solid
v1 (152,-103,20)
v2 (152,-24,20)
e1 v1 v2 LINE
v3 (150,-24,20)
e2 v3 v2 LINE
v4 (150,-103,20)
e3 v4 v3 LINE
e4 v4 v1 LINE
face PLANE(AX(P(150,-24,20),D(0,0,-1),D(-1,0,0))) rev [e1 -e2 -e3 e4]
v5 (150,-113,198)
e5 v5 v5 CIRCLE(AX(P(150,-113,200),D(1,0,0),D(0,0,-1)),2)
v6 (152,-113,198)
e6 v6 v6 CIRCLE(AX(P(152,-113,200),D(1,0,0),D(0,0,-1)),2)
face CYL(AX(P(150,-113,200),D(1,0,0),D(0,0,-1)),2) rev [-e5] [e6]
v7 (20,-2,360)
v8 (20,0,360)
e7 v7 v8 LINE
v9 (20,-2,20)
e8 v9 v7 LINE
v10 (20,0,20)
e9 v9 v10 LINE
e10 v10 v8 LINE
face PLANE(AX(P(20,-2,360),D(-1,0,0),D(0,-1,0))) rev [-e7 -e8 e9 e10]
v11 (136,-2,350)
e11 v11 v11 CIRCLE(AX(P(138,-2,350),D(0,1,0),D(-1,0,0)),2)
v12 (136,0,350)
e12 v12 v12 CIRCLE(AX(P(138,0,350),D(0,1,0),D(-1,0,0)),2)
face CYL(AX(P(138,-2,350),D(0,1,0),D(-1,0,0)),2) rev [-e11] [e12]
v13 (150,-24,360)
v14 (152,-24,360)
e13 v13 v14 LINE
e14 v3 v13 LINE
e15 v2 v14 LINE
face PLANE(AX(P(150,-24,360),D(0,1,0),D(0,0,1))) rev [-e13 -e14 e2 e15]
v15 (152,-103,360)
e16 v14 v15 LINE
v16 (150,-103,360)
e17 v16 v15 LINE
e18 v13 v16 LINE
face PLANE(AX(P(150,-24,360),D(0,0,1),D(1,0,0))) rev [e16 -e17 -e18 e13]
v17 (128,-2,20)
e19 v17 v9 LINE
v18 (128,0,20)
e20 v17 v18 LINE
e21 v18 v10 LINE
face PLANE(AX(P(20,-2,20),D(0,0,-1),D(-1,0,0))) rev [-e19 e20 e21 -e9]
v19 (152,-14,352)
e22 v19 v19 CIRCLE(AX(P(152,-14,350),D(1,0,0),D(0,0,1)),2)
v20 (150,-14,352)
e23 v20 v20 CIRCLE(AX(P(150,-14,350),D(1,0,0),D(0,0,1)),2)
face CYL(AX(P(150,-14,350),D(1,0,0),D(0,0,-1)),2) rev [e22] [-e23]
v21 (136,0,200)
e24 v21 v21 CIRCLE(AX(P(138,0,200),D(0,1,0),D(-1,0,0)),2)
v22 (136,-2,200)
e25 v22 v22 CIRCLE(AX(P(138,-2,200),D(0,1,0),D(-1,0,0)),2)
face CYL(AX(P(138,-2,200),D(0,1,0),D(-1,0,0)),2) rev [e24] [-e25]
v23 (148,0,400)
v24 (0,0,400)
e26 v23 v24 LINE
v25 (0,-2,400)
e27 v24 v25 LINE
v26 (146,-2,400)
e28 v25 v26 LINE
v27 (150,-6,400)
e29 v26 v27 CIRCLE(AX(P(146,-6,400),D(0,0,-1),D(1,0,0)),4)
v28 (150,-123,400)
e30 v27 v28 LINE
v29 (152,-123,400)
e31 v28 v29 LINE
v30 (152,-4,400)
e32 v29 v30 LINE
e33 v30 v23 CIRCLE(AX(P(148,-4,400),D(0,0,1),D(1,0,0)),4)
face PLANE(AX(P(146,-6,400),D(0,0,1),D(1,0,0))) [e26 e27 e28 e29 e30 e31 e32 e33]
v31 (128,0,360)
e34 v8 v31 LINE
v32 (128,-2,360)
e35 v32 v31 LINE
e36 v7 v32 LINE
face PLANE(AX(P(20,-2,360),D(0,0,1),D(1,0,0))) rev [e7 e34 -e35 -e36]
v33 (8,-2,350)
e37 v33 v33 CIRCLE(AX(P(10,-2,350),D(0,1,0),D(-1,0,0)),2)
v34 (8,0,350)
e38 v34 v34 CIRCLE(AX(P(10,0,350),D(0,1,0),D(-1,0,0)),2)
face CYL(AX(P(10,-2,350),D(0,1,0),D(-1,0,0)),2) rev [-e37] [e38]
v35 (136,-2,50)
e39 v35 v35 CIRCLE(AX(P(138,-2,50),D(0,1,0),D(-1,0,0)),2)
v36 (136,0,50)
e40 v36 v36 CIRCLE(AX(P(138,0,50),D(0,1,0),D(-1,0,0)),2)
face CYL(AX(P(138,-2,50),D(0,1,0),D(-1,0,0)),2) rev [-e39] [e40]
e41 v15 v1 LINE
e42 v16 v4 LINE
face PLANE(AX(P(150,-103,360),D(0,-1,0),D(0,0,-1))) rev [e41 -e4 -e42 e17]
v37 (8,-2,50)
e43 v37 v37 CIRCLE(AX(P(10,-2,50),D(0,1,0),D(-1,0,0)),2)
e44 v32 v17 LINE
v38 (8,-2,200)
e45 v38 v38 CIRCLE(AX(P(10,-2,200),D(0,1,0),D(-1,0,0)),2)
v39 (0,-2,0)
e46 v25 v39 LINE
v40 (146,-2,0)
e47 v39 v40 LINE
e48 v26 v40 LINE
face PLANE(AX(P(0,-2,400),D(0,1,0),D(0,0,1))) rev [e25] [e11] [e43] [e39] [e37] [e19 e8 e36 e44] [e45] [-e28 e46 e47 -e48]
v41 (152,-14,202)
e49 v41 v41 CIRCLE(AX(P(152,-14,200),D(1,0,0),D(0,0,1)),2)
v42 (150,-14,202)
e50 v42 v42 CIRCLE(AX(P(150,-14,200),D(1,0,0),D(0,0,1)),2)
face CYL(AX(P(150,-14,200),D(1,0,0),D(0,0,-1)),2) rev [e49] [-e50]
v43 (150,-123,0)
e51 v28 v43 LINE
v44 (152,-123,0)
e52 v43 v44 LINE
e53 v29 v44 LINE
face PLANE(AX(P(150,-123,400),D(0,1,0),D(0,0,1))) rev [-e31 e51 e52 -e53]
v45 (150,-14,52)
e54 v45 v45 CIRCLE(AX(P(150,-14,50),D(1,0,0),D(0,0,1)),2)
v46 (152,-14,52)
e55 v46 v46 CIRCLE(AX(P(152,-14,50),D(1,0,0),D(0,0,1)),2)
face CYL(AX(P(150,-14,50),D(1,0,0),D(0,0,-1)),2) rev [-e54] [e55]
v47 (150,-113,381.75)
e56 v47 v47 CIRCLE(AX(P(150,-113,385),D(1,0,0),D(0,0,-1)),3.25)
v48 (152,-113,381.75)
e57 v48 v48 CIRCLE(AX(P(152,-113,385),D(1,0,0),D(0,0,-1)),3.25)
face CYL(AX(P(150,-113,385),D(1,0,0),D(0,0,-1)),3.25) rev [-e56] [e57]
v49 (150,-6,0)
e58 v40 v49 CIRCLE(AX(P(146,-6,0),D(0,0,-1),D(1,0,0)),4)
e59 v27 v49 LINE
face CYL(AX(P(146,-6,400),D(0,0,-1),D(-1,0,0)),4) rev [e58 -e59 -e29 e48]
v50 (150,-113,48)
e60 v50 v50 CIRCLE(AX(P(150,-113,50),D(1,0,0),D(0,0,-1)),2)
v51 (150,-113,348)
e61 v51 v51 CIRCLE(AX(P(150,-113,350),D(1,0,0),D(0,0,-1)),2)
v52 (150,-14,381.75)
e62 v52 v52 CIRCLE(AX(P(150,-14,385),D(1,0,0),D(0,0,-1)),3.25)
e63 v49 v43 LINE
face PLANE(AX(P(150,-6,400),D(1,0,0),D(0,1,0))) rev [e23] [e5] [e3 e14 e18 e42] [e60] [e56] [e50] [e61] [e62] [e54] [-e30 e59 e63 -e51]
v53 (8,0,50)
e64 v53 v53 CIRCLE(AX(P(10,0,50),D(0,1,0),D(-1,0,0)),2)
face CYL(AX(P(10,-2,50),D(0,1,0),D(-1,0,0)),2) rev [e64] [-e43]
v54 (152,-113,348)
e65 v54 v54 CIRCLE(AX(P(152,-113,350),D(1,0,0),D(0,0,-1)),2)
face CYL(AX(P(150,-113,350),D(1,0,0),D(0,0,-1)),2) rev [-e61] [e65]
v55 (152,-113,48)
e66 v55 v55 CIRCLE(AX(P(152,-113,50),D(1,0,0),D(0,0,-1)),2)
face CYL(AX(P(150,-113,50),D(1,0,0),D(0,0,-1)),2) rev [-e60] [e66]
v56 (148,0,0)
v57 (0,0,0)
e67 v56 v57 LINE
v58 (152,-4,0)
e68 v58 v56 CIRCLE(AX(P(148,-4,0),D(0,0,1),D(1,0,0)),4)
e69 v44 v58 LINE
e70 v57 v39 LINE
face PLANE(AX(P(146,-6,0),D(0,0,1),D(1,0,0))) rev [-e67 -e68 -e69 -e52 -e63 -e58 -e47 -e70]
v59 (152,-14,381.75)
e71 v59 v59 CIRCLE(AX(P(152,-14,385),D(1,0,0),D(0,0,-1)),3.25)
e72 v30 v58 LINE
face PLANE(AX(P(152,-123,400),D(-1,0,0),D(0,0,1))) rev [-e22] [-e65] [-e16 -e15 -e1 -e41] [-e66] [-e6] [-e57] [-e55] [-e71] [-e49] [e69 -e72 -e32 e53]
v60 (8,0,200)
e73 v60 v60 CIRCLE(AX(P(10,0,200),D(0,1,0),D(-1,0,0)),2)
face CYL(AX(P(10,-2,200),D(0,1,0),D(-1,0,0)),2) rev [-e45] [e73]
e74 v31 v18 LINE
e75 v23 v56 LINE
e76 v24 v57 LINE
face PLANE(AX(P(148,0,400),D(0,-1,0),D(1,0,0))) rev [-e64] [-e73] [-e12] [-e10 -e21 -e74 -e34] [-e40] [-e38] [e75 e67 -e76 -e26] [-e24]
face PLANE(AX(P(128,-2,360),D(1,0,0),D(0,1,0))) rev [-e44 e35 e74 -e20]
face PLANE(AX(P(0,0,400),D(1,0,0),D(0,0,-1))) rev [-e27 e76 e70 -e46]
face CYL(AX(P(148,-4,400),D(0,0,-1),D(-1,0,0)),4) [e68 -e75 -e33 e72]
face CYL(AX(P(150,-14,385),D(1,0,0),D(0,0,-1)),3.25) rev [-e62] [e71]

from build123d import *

# Parameters (mm, degrees)
BOSS_EXTRUDE1_DEPTH = 400
SKETCH3_W           = 340
SKETCH3_H           = 79
CUT_EXTRUDE1_DEPTH  = 2
SKETCH4_W           = 108
SKETCH4_H           = 340
CUT_EXTRUDE2_DEPTH  = 2
SKETCH6_R           = 3.25
CUT_EXTRUDE3_DEPTH  = 2
SKETCH7_R           = 2
CUT_EXTRUDE4_DEPTH  = 2
SKETCH8_R           = 2
CUT_EXTRUDE5_DEPTH  = 2


with BuildPart() as part:
    # Sketch1 → Boss-Extrude1 (new body)
    with BuildSketch(Plane.XY):
        with BuildLine():
            Line((0, 0), (0, -2))
            Line((0, -2), (146, -2))
            ThreePointArc((146, -2), (148.828427125, -3.171572875), (150, -6))
            Line((150, -6), (150, -123))
            Line((150, -123), (152, -123))
            Line((152, -123), (152, -4))
            ThreePointArc((152, -4), (150.828427125, -1.171572875), (148, 0))
            Line((148, 0), (0, 0))
        make_face()
    extrude(amount=BOSS_EXTRUDE1_DEPTH)

    # Sketch3 → Cut-Extrude1 (cut)
    with BuildSketch(Plane(origin=(152, 0, 0), x_dir=(0, 0, -1), z_dir=(1, 0, 0))):
        with Locations((-190, -63.5)):
            Rectangle(SKETCH3_W, SKETCH3_H)
    extrude(amount=-CUT_EXTRUDE1_DEPTH, mode=Mode.SUBTRACT)

    # Sketch4 → Cut-Extrude2 (cut)
    with BuildSketch(Plane(origin=(0, 0, 0), x_dir=(1, 0, 0), z_dir=(0, 1, 0))):
        with Locations((74, -190)):
            Rectangle(SKETCH4_W, SKETCH4_H)
    extrude(amount=-CUT_EXTRUDE2_DEPTH, mode=Mode.SUBTRACT)

    # Sketch6 → Cut-Extrude3 (cut)
    with BuildSketch(Plane(origin=(152, 0, 0), x_dir=(0, 0, -1), z_dir=(1, 0, 0))):
        with Locations((-385, -14)):
            Circle(SKETCH6_R)
        with Locations((-385, -113)):
            Circle(SKETCH6_R)
    extrude(amount=-CUT_EXTRUDE3_DEPTH, mode=Mode.SUBTRACT)

    # Sketch7 → Cut-Extrude4 (cut)
    with BuildSketch(Plane(origin=(0, 0, 0), x_dir=(1, 0, 0), z_dir=(0, 1, 0))):
        with Locations(Location((10, -50, 0), (0, 0, 180))):
            Circle(SKETCH7_R)
        with Locations(Location((10, -200, 0), (0, 0, 180))):
            Circle(SKETCH7_R)
        with Locations(Location((10, -350, 0), (0, 0, 180))):
            Circle(SKETCH7_R)
        with Locations(Location((138, -50, 0), (0, 0, 180))):
            Circle(SKETCH7_R)
        with Locations(Location((138, -200, 0), (0, 0, 180))):
            Circle(SKETCH7_R)
        with Locations(Location((138, -350, 0), (0, 0, 180))):
            Circle(SKETCH7_R)
    extrude(amount=-CUT_EXTRUDE4_DEPTH, mode=Mode.SUBTRACT)

    # Sketch8 → Cut-Extrude5 (cut)
    with BuildSketch(Plane(origin=(152, 0, 0), x_dir=(0, 0, -1), z_dir=(1, 0, 0))):
        with Locations((-50, -113)):
            Circle(SKETCH8_R)
        with Locations((-200, -113)):
            Circle(SKETCH8_R)
        with Locations((-350, -113)):
            Circle(SKETCH8_R)
        with Locations(Location((-350, -14, 0), (0, 0, 180))):
            Circle(SKETCH8_R)
        with Locations(Location((-200, -14, 0), (0, 0, 180))):
            Circle(SKETCH8_R)
        with Locations(Location((-50, -14, 0), (0, 0, 180))):
            Circle(SKETCH8_R)
    extrude(amount=-CUT_EXTRUDE5_DEPTH, mode=Mode.SUBTRACT)


solid = part.part
